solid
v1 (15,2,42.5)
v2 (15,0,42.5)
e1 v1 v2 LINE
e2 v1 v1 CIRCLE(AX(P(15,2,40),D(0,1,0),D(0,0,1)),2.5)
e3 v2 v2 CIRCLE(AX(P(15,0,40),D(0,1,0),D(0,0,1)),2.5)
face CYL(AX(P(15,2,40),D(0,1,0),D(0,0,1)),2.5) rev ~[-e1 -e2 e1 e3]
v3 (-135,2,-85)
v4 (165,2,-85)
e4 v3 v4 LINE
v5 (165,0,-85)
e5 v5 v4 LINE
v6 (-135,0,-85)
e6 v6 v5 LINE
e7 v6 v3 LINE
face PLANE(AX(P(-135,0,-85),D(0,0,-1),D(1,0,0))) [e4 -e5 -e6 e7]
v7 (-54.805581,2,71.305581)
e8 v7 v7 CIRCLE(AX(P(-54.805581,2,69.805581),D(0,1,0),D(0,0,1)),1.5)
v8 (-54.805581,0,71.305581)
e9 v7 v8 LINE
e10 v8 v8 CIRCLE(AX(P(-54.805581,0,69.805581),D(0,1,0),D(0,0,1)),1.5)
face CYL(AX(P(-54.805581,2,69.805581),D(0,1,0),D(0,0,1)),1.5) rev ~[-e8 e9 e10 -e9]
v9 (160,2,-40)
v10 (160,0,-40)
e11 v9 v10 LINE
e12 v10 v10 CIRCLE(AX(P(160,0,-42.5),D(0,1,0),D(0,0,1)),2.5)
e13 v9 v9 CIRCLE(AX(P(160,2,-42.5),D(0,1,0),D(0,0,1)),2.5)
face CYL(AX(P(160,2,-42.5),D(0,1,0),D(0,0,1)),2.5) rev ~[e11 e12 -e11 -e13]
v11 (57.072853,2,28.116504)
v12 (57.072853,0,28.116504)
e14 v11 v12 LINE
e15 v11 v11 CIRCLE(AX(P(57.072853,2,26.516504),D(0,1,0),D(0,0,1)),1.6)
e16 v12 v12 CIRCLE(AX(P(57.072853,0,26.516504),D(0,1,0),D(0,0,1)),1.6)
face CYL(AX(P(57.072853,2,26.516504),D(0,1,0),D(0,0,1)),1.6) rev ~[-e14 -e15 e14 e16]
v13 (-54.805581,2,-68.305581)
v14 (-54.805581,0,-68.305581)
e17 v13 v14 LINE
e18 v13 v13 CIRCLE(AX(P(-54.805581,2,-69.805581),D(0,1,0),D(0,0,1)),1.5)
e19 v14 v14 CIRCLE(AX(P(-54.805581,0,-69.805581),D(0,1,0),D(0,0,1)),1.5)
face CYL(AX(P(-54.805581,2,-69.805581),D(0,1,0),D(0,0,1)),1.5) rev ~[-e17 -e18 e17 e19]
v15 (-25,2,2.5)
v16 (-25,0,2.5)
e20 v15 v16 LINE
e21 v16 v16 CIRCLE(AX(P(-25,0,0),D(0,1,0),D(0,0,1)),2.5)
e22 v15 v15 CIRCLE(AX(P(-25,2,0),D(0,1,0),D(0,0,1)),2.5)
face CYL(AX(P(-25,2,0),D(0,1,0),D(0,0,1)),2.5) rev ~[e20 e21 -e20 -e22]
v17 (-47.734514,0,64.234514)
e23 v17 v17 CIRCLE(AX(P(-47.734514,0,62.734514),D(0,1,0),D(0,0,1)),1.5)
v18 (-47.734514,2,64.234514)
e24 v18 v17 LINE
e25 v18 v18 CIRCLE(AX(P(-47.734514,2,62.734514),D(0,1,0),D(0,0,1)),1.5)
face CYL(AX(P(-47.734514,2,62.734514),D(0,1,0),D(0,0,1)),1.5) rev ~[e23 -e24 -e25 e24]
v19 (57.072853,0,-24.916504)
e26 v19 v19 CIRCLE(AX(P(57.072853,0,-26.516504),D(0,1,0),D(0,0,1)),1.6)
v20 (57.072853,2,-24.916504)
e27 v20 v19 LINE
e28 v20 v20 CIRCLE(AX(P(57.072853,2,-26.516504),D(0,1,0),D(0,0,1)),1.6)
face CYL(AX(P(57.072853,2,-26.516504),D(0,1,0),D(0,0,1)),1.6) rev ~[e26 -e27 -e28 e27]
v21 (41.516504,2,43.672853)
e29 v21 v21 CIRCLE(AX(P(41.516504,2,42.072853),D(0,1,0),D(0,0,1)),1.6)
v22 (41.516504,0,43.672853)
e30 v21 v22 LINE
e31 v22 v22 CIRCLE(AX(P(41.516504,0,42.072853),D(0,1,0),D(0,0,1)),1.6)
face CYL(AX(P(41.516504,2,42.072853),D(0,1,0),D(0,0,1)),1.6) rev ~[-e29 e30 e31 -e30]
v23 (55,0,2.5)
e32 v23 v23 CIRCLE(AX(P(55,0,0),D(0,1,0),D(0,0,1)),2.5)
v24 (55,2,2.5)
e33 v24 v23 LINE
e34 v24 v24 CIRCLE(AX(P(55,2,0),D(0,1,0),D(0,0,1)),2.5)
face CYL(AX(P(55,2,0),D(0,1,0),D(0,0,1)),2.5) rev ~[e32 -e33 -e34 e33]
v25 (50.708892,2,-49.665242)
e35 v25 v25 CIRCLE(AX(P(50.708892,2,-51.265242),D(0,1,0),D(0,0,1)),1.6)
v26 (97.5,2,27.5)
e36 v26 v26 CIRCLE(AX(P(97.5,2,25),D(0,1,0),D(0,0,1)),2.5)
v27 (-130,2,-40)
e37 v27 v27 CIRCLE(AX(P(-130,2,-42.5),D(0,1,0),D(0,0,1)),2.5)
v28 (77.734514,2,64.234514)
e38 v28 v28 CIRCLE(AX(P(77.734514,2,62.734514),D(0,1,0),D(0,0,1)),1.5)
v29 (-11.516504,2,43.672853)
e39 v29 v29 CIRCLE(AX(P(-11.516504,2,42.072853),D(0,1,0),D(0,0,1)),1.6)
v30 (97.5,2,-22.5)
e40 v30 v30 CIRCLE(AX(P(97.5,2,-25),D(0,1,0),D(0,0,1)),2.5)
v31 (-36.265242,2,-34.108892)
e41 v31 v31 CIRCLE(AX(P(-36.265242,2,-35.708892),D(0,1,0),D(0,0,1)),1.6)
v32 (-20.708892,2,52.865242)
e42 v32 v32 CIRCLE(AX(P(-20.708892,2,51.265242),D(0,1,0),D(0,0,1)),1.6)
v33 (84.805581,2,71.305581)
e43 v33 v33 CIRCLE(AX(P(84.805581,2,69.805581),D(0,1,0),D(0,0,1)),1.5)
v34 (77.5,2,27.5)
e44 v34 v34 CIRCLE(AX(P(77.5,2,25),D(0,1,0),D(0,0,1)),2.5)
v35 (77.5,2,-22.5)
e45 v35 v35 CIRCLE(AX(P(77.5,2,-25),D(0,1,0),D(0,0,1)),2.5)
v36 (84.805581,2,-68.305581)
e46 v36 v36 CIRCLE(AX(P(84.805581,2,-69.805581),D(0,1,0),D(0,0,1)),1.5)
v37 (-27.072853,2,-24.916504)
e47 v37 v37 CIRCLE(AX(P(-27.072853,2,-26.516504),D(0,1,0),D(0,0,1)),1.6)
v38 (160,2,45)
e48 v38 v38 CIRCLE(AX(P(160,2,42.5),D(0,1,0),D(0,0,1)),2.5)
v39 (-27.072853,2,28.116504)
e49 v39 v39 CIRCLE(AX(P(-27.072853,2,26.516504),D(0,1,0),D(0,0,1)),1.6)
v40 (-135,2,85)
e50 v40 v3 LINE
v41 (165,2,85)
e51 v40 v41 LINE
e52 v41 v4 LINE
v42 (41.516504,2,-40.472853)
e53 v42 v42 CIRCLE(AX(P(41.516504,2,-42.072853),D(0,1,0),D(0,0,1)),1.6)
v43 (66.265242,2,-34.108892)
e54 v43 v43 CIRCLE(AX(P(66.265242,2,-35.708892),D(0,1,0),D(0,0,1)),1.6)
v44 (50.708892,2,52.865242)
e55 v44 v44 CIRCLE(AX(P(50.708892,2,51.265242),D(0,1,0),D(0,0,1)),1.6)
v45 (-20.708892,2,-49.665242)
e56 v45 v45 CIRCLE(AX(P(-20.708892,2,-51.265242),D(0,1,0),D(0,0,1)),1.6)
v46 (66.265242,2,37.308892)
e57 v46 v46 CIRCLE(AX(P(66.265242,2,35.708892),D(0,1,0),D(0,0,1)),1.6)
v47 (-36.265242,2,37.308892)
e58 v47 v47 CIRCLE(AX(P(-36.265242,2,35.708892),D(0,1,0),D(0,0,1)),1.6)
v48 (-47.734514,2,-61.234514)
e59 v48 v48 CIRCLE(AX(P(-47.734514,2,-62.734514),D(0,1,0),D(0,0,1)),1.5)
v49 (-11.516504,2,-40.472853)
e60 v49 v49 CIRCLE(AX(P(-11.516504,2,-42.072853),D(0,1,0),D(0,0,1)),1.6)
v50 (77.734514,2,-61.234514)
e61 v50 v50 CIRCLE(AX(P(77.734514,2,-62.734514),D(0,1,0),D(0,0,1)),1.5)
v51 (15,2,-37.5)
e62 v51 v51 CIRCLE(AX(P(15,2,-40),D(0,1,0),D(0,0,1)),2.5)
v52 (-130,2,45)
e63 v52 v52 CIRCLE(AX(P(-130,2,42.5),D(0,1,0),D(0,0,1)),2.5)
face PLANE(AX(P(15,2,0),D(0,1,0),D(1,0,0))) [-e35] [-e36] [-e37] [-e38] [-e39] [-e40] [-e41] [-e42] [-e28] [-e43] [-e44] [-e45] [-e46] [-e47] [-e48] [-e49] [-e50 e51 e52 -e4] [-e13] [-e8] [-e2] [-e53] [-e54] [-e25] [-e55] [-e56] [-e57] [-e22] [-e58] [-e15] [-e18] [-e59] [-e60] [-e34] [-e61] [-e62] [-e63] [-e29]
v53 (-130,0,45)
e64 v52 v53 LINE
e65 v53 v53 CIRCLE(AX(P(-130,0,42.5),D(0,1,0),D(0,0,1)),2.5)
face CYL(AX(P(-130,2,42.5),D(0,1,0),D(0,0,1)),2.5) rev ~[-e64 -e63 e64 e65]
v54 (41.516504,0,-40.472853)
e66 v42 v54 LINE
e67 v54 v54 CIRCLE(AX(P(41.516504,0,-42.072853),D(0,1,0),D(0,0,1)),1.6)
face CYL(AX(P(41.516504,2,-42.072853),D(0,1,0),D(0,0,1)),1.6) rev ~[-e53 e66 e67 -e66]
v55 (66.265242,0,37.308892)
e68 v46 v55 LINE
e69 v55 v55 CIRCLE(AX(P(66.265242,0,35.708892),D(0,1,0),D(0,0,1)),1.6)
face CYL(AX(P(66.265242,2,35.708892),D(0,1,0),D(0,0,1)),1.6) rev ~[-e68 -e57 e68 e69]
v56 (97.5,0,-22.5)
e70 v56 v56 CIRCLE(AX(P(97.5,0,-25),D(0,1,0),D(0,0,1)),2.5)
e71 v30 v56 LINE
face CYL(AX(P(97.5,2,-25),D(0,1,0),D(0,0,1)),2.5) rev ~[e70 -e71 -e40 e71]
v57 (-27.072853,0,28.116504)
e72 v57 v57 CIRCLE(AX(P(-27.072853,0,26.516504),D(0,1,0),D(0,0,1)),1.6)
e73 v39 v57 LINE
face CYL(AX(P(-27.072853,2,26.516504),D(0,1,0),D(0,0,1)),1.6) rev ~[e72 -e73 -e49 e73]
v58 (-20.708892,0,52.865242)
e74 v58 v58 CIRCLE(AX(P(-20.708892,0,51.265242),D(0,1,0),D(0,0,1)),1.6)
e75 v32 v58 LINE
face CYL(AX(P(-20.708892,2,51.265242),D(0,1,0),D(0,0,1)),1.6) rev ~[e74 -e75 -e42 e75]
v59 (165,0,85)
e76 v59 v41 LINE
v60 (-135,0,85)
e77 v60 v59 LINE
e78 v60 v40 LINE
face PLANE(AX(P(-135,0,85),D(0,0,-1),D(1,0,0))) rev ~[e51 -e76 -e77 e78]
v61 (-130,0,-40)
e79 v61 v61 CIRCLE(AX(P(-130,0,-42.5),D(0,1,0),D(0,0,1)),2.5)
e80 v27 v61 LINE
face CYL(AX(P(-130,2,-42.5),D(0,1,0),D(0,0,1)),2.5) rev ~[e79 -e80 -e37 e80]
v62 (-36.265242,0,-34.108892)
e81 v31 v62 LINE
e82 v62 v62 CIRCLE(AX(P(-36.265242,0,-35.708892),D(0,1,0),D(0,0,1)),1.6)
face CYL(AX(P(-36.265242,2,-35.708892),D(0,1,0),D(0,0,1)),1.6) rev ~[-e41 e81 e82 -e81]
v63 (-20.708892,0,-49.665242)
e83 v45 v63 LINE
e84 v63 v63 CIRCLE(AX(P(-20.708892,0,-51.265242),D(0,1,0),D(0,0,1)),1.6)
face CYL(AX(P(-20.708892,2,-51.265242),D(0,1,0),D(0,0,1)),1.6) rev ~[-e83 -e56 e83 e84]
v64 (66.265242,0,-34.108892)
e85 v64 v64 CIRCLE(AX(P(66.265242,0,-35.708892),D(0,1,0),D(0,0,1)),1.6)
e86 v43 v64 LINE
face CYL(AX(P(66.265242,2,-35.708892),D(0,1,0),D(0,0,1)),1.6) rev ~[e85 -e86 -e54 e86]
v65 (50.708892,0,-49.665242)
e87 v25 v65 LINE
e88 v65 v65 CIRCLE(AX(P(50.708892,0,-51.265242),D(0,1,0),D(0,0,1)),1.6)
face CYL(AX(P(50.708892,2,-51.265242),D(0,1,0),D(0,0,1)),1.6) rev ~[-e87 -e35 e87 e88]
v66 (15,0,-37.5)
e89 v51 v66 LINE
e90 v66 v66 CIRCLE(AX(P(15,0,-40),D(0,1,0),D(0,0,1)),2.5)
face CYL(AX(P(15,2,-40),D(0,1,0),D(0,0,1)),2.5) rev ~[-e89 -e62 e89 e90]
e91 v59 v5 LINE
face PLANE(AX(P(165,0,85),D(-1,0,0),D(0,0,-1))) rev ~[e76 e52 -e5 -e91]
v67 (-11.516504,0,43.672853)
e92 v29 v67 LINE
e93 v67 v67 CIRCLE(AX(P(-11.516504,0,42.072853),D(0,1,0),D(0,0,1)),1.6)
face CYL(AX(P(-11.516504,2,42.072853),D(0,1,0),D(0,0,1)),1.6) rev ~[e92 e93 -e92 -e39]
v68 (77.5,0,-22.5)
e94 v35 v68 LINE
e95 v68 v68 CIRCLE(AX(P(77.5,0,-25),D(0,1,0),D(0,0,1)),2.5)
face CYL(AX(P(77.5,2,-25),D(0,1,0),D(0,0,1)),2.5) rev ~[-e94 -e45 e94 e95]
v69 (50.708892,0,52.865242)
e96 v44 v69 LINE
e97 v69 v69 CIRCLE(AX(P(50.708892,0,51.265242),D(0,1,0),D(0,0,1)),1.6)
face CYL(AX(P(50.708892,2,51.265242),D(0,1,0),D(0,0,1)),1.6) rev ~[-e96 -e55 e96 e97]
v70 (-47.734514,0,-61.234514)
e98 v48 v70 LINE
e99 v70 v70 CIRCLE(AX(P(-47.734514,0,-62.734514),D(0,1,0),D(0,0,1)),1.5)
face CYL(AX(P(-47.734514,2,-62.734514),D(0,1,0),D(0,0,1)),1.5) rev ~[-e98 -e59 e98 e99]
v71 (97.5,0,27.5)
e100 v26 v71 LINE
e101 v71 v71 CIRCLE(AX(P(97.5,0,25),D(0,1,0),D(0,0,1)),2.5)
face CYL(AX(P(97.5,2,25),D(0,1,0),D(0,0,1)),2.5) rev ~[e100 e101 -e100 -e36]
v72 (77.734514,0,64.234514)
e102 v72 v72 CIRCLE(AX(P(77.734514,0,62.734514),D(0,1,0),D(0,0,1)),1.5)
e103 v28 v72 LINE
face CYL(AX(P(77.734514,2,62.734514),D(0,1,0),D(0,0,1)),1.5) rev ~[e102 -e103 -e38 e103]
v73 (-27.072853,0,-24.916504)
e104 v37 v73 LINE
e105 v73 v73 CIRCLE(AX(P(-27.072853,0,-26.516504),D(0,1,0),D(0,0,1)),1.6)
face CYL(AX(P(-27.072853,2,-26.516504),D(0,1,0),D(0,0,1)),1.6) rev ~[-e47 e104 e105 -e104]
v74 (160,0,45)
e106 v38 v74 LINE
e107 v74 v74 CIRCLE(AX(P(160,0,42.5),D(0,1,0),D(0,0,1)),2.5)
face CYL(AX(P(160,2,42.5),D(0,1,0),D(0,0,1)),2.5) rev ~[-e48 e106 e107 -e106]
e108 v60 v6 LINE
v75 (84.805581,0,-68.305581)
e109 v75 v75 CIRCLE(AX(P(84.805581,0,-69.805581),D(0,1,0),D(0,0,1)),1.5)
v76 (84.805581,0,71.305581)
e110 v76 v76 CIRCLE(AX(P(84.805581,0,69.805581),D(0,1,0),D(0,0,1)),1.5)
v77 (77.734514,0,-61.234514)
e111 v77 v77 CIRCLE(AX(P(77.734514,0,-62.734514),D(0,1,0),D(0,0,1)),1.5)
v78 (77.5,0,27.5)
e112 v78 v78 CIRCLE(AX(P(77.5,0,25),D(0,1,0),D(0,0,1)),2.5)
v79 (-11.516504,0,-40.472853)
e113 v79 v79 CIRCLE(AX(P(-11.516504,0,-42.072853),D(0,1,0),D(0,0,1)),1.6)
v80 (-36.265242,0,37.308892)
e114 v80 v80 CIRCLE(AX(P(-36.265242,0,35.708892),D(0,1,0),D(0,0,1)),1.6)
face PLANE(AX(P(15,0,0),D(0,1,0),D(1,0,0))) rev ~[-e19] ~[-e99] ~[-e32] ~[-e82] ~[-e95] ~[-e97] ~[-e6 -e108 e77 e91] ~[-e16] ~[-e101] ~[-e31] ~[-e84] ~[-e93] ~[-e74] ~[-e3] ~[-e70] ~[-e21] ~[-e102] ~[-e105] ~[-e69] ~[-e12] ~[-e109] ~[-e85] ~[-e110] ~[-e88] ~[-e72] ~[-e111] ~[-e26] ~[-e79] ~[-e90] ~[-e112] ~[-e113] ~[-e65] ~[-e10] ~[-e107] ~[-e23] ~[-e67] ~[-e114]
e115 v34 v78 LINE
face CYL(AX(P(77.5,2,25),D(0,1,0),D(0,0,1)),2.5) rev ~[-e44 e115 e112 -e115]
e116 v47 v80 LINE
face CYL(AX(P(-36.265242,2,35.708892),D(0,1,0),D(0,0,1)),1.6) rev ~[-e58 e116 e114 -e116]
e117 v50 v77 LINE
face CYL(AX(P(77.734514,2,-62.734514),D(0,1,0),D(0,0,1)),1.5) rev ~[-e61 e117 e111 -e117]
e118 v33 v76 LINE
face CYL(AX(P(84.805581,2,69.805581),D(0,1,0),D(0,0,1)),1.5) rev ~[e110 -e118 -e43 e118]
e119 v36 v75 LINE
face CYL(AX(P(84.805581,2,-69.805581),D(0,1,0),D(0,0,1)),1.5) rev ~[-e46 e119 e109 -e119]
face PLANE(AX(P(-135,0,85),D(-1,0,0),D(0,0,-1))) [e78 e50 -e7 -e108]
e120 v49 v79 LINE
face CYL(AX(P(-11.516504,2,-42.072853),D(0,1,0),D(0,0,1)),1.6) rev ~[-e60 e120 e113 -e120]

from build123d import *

# Parameters (mm, degrees)
SKETCH1_W           = 300
SKETCH1_H           = 170
BOSS_EXTRUDE3_DEPTH = 2
SKETCH3_R           = 2.5
CUT_EXTRUDE5_DEPTH  = 120
SKETCH4_R           = 2.5
CUT_EXTRUDE6_DEPTH  = 10
SKETCH5_R           = 1.6
CUT_EXTRUDE7_DEPTH  = 10
SKETCH6_R           = 2.5
CUT_EXTRUDE8_DEPTH  = 64
SKETCH8_R           = 1.5
CUT_EXTRUDE10_DEPTH = 10


with BuildPart() as part:
    # Sketch1 → Boss-Extrude3 (new body)
    with BuildSketch(Plane(origin=(0, 0, 0), x_dir=(1, 0, 0), z_dir=(0, 1, 0))):
        with Locations((15, 0)):
            Rectangle(SKETCH1_W, SKETCH1_H)
    extrude(amount=BOSS_EXTRUDE3_DEPTH)

    # Sketch3 → Cut-Extrude5 (cut)
    with BuildSketch(Plane(origin=(0, 2, 0), x_dir=(1, 0, 0), z_dir=(0, 1, 0))):
        with Locations(Location((15, 40, 0), (0, 0, 270))):
            Circle(SKETCH3_R)
        with Locations(Location((55, 0, 0), (0, 0, 270))):
            Circle(SKETCH3_R)
        with Locations(Location((15, -40, 0), (0, 0, 270))):
            Circle(SKETCH3_R)
        with Locations(Location((-25, 0, 0), (0, 0, 270))):
            Circle(SKETCH3_R)
    extrude(amount=-CUT_EXTRUDE5_DEPTH, mode=Mode.SUBTRACT)

    # Sketch4 → Cut-Extrude6 (cut)
    with BuildSketch(Plane(origin=(0, 2, 0), x_dir=(1, 0, 0), z_dir=(0, 1, 0))):
        with Locations(Location((97.5, -25, 0), (0, 0, 270))):
            Circle(SKETCH4_R)
        with Locations(Location((77.5, -25, 0), (0, 0, 270))):
            Circle(SKETCH4_R)
        with Locations(Location((97.5, 25, 0), (0, 0, 270))):
            Circle(SKETCH4_R)
        with Locations(Location((77.5, 25, 0), (0, 0, 270))):
            Circle(SKETCH4_R)
    extrude(amount=-CUT_EXTRUDE6_DEPTH, mode=Mode.SUBTRACT)

    # Sketch5 → Cut-Extrude7 (cut)
    with BuildSketch(Plane(origin=(0, 2, 0), x_dir=(1, 0, 0), z_dir=(0, 1, 0))):
        with Locations(Location((-11.516504294, -42.072853481, 0), (0, 0, 270))):
            Circle(SKETCH5_R)
        with Locations(Location((-20.70889245, -51.265241636, 0), (0, 0, 270))):
            Circle(SKETCH5_R)
        with Locations(Location((-36.265241636, -35.70889245, 0), (0, 0, 270))):
            Circle(SKETCH5_R)
        with Locations(Location((-27.072853481, -26.516504294, 0), (0, 0, 270))):
            Circle(SKETCH5_R)
        with Locations(Location((-27.072853481, 26.516504294, 0), (0, 0, 270))):
            Circle(SKETCH5_R)
        with Locations(Location((-36.265241636, 35.70889245, 0), (0, 0, 270))):
            Circle(SKETCH5_R)
        with Locations(Location((-11.516504294, 42.072853481, 0), (0, 0, 270))):
            Circle(SKETCH5_R)
        with Locations(Location((-20.70889245, 51.265241636, 0), (0, 0, 270))):
            Circle(SKETCH5_R)
        with Locations(Location((41.516504294, 42.072853481, 0), (0, 0, 270))):
            Circle(SKETCH5_R)
        with Locations(Location((50.70889245, 51.265241636, 0), (0, 0, 270))):
            Circle(SKETCH5_R)
        with Locations(Location((57.072853481, 26.516504294, 0), (0, 0, 270))):
            Circle(SKETCH5_R)
        with Locations(Location((66.265241636, 35.70889245, 0), (0, 0, 270))):
            Circle(SKETCH5_R)
        with Locations(Location((57.072853481, -26.516504294, 0), (0, 0, 270))):
            Circle(SKETCH5_R)
        with Locations(Location((66.265241636, -35.70889245, 0), (0, 0, 270))):
            Circle(SKETCH5_R)
        with Locations(Location((41.516504294, -42.072853481, 0), (0, 0, 270))):
            Circle(SKETCH5_R)
        with Locations(Location((50.70889245, -51.265241636, 0), (0, 0, 270))):
            Circle(SKETCH5_R)
    extrude(amount=-CUT_EXTRUDE7_DEPTH, mode=Mode.SUBTRACT)

    # Sketch6 → Cut-Extrude8 (cut)
    with BuildSketch(Plane(origin=(0, 2, 0), x_dir=(1, 0, 0), z_dir=(0, 1, 0))):
        with Locations(Location((-130, 42.5, 0), (0, 0, 270))):
            Circle(SKETCH6_R)
        with Locations(Location((-130, -42.5, 0), (0, 0, 270))):
            Circle(SKETCH6_R)
        with Locations(Location((160, 42.5, 0), (0, 0, 270))):
            Circle(SKETCH6_R)
        with Locations(Location((160, -42.5, 0), (0, 0, 270))):
            Circle(SKETCH6_R)
    extrude(amount=-CUT_EXTRUDE8_DEPTH, mode=Mode.SUBTRACT)

    # Sketch8 → Cut-Extrude10 (cut)
    with BuildSketch(Plane(origin=(0, 2, 0), x_dir=(1, 0, 0), z_dir=(0, 1, 0))):
        with Locations(Location((-47.734513627, 62.734513627, 0), (0, 0, 270))):
            Circle(SKETCH8_R)
        with Locations(Location((84.805581439, 69.805581439, 0), (0, 0, 270))):
            Circle(SKETCH8_R)
        with Locations(Location((77.734513627, 62.734513627, 0), (0, 0, 270))):
            Circle(SKETCH8_R)
        with Locations(Location((-54.805581439, 69.805581439, 0), (0, 0, 270))):
            Circle(SKETCH8_R)
        with Locations(Location((-54.805581439, -69.805581439, 0), (0, 0, 270))):
            Circle(SKETCH8_R)
        with Locations(Location((-47.734513627, -62.734513627, 0), (0, 0, 270))):
            Circle(SKETCH8_R)
        with Locations(Location((77.734513627, -62.734513627, 0), (0, 0, 270))):
            Circle(SKETCH8_R)
        with Locations(Location((84.805581439, -69.805581439, 0), (0, 0, 270))):
            Circle(SKETCH8_R)
    extrude(amount=-CUT_EXTRUDE10_DEPTH, mode=Mode.SUBTRACT)


solid = part.part
